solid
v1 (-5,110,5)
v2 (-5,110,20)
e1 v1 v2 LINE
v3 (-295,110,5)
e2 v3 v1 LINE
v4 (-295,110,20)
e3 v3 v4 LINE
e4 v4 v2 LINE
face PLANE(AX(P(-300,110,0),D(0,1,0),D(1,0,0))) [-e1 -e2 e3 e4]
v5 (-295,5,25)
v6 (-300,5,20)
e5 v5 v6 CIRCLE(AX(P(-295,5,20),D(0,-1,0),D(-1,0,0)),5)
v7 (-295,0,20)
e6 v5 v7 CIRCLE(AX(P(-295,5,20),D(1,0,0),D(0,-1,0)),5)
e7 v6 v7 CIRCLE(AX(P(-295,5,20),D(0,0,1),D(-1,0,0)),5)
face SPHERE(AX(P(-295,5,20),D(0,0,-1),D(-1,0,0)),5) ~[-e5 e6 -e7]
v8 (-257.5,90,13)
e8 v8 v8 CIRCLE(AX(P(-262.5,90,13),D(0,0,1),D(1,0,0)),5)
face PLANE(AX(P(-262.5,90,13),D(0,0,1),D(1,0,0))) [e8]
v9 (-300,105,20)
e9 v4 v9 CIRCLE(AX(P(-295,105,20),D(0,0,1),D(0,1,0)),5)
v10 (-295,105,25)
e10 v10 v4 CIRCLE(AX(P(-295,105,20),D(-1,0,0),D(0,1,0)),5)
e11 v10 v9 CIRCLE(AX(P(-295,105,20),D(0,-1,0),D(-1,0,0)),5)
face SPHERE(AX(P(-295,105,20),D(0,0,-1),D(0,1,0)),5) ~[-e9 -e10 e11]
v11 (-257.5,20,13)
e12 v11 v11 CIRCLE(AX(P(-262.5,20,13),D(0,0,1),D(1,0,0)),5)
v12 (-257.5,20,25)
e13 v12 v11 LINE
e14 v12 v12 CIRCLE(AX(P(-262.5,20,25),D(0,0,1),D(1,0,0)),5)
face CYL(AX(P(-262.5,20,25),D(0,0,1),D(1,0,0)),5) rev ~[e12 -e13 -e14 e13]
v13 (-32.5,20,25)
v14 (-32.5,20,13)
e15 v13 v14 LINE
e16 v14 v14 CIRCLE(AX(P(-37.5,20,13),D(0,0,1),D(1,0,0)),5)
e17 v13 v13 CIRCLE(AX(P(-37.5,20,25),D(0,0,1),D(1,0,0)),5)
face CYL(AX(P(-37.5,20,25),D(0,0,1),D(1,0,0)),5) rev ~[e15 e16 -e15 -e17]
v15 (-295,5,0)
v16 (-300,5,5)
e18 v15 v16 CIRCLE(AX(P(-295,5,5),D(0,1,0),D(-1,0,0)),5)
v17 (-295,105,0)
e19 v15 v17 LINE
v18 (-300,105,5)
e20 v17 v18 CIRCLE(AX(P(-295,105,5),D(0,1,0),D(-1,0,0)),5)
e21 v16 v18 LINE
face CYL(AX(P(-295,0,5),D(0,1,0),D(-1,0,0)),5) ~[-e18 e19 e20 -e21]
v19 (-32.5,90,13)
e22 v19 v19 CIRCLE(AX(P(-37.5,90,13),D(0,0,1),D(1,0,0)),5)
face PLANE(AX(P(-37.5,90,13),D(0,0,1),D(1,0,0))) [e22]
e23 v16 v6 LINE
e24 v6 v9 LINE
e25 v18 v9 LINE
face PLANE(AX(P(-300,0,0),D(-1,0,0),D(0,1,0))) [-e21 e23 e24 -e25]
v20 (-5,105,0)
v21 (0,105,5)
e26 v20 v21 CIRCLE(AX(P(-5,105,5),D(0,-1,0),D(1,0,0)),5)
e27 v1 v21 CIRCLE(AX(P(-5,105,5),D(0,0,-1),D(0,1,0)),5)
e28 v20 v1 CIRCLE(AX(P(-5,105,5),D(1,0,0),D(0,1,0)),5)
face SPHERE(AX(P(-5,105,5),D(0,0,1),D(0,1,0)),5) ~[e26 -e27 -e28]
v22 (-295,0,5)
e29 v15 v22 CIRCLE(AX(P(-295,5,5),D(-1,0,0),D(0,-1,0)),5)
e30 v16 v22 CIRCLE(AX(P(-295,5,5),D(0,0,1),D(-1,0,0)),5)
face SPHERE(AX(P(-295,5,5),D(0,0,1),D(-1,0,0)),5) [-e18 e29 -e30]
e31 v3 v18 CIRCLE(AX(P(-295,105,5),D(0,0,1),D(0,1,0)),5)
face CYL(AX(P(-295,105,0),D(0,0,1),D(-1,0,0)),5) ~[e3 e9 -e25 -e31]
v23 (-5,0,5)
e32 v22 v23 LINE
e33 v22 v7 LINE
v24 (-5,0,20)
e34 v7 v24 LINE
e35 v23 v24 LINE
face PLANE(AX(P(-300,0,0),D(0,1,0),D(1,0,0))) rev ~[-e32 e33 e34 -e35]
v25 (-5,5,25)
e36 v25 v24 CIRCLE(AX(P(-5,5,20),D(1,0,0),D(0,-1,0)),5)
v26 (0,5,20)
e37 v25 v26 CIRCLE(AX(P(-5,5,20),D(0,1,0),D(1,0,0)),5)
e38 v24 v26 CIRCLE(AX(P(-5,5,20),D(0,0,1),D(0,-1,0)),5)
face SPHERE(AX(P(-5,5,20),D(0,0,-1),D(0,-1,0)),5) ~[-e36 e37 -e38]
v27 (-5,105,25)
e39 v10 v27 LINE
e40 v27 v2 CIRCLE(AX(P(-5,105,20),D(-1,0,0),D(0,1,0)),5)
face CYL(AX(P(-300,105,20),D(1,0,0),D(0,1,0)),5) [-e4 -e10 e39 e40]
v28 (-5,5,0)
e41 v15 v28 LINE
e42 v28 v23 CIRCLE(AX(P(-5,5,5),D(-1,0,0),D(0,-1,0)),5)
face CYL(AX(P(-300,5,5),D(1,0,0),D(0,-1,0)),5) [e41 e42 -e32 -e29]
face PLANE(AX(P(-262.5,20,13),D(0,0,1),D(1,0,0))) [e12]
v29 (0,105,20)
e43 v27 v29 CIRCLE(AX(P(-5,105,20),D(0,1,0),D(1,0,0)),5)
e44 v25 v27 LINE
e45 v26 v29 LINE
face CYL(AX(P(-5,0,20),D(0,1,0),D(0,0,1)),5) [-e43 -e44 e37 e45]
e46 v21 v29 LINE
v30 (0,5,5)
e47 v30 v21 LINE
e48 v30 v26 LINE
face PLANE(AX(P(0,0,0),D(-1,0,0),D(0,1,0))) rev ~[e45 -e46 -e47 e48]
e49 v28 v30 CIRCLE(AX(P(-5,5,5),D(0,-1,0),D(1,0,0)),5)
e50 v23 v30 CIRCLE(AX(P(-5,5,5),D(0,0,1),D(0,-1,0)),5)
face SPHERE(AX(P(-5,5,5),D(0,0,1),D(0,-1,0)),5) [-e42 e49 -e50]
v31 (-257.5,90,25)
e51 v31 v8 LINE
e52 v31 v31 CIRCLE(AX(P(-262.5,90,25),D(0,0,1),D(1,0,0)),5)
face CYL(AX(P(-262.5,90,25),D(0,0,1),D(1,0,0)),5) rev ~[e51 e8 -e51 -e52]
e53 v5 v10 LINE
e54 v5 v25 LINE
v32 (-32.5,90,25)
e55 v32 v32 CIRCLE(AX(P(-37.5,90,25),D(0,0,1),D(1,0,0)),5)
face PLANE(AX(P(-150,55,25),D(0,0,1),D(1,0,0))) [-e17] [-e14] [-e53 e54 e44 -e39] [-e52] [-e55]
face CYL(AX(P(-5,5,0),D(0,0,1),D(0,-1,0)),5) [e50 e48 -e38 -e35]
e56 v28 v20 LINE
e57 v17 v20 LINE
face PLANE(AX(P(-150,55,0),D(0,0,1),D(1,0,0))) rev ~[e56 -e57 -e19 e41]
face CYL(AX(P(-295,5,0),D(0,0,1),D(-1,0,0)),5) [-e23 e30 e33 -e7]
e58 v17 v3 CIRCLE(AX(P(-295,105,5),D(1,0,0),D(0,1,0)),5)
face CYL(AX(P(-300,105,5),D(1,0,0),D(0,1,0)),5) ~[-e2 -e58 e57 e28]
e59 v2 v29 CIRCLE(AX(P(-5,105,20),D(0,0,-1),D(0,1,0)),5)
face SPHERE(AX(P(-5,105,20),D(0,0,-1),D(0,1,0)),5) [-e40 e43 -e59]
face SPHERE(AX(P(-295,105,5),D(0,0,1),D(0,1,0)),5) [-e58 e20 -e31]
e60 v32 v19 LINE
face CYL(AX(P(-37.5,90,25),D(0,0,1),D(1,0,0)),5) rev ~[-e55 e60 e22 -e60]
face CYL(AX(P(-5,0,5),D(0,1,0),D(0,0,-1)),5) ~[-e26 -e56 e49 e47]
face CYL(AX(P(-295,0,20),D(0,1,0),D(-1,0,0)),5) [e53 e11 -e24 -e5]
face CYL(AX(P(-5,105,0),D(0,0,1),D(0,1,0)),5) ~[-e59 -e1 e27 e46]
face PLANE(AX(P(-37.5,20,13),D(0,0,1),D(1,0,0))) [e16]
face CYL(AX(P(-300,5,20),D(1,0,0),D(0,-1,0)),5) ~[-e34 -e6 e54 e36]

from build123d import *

# Parameters (mm, degrees)
F0_W     = 300
F0_H     = 110
F1_DEPTH = 25
F2_R     = 5
F3_DEPTH = 12
F4_R     = 5


with BuildPart() as f1:
    # F0 (on Top) → F1 (new body)
    with BuildSketch(Plane.XY):
        with Locations((-150, 55)):
            Rectangle(F0_W, F0_H)
    extrude(amount=F1_DEPTH)

    # F2 (on face) → F3 (cut)
    with BuildSketch(Plane.XY.offset(25)):
        with Locations((-262.5, 90)):
            Circle(F2_R)
        with Locations((-262.5, 20)):
            Circle(F2_R)
        with Locations((-37.5, 90)):
            Circle(F2_R)
        with Locations((-37.5, 20)):
            Circle(F2_R)
    extrude(amount=-F3_DEPTH, mode=Mode.SUBTRACT)

    # F4
    f4_edges = [f1.edges().sort_by_distance(p)[0] for p in [
        (0, 110, 12.5),
        (-300, 110, 12.5),
        (-150, 110, 0),
        (-150, 110, 25),
        (-300, 0, 12.5),
        (-300, 55, 0),
        (-300, 55, 25),
        (0, 0, 12.5),
        (-150, 0, 0),
        (-150, 0, 25),
        (0, 55, 0),
        (0, 55, 25),
    ]]
    fillet(f4_edges, radius=F4_R)


solid = f1.part
